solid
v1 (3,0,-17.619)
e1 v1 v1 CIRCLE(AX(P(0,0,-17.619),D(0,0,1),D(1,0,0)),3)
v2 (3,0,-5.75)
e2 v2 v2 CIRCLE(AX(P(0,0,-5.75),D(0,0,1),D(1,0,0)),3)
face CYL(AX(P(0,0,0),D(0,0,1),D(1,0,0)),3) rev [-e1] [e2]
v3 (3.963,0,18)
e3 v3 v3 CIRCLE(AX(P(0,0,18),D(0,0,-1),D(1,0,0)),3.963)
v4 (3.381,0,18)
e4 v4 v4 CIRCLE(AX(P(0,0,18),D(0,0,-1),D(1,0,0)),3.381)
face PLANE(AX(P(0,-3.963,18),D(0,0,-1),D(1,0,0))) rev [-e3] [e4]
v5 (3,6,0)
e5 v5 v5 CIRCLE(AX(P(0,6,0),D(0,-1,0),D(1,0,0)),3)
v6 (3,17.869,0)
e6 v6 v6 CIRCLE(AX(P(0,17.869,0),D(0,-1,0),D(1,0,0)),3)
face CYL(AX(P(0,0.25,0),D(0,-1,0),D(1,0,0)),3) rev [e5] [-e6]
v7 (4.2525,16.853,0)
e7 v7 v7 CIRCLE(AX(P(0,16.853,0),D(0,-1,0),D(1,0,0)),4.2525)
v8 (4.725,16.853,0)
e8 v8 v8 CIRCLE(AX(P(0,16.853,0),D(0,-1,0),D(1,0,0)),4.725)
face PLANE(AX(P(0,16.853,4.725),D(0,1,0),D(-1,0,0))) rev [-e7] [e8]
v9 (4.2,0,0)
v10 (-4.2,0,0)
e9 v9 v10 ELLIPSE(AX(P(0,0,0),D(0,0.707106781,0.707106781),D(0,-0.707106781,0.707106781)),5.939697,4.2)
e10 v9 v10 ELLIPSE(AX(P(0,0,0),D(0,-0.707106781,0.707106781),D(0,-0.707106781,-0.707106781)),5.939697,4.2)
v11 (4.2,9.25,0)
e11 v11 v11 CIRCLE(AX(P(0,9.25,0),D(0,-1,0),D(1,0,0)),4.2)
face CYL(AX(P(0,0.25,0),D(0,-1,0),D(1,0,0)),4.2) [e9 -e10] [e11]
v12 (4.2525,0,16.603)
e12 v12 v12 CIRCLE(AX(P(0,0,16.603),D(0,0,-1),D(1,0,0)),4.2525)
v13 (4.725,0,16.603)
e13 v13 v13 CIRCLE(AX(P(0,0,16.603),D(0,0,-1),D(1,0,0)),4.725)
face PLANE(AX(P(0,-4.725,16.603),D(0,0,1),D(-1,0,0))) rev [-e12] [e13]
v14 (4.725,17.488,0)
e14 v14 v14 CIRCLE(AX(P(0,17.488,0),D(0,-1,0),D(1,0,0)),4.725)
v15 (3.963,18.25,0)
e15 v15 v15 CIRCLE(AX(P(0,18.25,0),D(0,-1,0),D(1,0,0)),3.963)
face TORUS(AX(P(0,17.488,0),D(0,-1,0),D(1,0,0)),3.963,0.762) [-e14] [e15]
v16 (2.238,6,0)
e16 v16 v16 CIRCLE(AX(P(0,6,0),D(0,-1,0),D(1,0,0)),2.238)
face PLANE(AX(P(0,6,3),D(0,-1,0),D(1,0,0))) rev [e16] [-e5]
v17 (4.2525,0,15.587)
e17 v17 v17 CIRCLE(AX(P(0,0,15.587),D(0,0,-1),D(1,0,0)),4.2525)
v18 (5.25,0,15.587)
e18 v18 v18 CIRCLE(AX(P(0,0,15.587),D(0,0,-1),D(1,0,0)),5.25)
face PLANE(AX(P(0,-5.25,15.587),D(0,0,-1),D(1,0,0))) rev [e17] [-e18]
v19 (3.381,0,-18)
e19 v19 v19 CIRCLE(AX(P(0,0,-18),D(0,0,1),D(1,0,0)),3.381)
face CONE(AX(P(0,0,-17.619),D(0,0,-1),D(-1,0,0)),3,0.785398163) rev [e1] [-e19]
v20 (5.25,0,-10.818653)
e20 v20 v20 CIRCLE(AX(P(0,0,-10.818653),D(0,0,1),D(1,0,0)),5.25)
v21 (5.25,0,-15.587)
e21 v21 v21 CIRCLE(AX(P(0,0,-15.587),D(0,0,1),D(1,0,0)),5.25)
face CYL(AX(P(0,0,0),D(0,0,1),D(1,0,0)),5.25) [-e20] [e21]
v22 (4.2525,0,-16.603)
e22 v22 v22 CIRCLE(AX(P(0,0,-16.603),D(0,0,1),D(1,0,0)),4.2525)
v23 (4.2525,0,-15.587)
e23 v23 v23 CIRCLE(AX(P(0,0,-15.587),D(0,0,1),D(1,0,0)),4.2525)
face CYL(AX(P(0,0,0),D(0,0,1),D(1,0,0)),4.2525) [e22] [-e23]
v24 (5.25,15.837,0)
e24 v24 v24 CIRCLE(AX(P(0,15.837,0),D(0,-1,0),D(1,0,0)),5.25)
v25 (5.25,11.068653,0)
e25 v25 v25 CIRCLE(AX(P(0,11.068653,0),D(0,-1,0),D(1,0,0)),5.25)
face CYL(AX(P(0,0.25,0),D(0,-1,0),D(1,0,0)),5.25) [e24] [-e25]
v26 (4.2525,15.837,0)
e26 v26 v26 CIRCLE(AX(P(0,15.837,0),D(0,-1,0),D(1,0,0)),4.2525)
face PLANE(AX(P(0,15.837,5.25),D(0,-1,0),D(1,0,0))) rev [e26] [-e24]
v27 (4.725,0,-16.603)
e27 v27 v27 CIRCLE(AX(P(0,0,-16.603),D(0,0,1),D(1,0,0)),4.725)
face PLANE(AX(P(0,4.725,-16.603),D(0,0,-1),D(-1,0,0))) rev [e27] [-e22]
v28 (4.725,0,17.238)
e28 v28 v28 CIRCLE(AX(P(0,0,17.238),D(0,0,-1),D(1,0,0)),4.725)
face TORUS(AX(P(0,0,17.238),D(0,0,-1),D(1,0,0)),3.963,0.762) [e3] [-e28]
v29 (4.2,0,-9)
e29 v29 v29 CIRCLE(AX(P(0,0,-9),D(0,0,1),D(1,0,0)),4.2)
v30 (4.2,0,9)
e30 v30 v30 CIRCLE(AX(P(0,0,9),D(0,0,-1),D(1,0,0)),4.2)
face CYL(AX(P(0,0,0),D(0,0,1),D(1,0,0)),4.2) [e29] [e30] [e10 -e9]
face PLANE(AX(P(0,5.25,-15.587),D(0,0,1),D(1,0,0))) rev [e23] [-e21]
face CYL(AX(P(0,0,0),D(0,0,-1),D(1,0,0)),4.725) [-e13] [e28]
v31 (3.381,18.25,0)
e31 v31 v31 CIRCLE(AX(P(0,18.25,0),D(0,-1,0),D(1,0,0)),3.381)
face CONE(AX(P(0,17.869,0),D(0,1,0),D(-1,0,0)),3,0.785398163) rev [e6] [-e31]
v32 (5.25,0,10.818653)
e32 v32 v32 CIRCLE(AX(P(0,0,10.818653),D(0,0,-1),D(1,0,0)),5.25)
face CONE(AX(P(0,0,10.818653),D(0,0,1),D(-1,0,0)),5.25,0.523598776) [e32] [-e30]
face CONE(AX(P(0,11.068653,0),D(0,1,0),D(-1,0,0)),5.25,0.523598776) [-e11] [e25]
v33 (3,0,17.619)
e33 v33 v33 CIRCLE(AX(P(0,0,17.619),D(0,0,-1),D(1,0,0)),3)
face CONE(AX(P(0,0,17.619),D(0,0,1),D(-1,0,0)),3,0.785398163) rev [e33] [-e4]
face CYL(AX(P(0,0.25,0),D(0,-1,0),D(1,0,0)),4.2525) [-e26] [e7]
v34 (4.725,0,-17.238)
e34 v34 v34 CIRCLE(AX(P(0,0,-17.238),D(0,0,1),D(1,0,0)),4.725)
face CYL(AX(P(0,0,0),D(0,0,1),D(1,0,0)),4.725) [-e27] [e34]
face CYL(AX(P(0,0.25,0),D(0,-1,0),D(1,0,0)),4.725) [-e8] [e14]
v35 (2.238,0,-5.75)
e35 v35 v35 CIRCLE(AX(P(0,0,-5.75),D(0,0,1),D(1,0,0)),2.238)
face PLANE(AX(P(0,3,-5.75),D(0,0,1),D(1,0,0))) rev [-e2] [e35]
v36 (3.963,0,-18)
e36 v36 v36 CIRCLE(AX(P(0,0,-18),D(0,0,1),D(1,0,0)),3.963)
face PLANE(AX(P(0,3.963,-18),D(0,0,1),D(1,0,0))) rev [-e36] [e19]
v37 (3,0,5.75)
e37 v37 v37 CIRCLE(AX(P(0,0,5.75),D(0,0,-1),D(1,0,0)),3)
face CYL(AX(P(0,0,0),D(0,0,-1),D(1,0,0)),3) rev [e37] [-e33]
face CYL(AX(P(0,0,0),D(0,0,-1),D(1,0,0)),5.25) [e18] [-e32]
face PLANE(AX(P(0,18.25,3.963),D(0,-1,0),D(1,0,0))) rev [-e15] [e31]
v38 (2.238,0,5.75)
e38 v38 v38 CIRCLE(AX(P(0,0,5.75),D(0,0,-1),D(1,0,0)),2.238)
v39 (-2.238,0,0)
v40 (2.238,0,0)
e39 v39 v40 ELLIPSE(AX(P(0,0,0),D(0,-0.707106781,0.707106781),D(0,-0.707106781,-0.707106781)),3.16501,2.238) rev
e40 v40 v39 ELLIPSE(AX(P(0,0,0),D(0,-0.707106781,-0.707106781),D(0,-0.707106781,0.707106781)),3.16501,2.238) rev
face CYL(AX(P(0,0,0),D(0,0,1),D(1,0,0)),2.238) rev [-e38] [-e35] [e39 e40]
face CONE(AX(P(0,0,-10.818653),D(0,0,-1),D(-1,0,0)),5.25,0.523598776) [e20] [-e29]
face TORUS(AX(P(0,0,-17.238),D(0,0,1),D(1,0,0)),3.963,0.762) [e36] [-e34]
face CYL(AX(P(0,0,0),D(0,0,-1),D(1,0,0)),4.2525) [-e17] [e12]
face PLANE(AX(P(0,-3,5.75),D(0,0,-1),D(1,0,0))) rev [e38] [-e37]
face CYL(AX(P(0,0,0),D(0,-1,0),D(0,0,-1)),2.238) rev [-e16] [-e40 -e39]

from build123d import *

# Parameters (mm, degrees)
CIRPATTERN1_COUNT   = 3
CIRPATTERN1_ANGLE   = 180
SKETCH3_R           = 4.2
BOSS_EXTRUDE1_DEPTH = 0.25
CIRPATTERN2_COUNT   = 2
CIRPATTERN2_ANGLE   = 180


with BuildPart() as part:
    # Sketch1 → Revolve1 (revolve)
    with BuildSketch(Plane(origin=(0, 0, 0), x_dir=(0, 0, -1), z_dir=(1, 0, 0)), mode=Mode.PRIVATE) as revolve1_sk:
        with BuildLine():
            Line((16.603, 4.725), (17.238, 4.725))
            ThreePointArc((17.238, 4.725), (17.776815367, 4.501815367), (18, 3.963))
            Line((18, 3.963), (18, 3.381))
            Line((18, 3.381), (17.619, 3))
            Line((17.619, 3), (5.75, 3))
            Line((5.75, 3), (5.75, 2.238))
            Line((5.75, 2.238), (0, 2.238))
            Line((0, 2.238), (0, 4.2))
            Line((0, 4.2), (9, 4.2))
            Line((9, 4.2), (10.818653348, 5.25))
            Line((10.818653348, 5.25), (15.587, 5.25))
            Line((15.587, 5.25), (15.587, 4.2525))
            Line((15.587, 4.2525), (16.603, 4.2525))
            Line((16.603, 4.2525), (16.603, 4.725))
        make_face()
    revolve(revolve1_sk.sketch.rotate(Axis((0, 0, 0), (0, 0, -1)), 90), axis=Axis((0, 0, 0), (0, 0, -1)))


with BuildPart() as cirpattern1_1:
    # CirPattern1: pattern copy
    add(part.part.rotate(Axis((0, 0, 0), (1, 0, 0)), 1 * CIRPATTERN1_ANGLE / (CIRPATTERN1_COUNT - 1)))


with BuildPart() as cirpattern1_2:
    # CirPattern1: pattern copy
    add(part.part.rotate(Axis((0, 0, 0), (1, 0, 0)), 2 * CIRPATTERN1_ANGLE / (CIRPATTERN1_COUNT - 1)))


with BuildPart() as cirpattern1_1_1:
    # Body-Move/Copy1: moved
    add(cirpattern1_1.part.moved(Location((0, 0.25, 0))))

    # Sketch3 → Boss-Extrude1 (add)
    with BuildSketch(Plane(origin=(0, 0, 0), x_dir=(1, 0, 0), z_dir=(0, 1, 0))):
        Circle(SKETCH3_R)
    extrude(amount=BOSS_EXTRUDE1_DEPTH)


with BuildPart() as cut_revolve2_tool:
    # Sketch4 → Cut-Revolve2 (revolve)
    with BuildSketch(Plane(origin=(0, 0, 0), x_dir=(0, 0, -1), z_dir=(1, 0, 0))):
        Polygon((3, 17.869), (3.381, 18.25), (0, 18.25), (0, 0), (2.238, 0), (2.238, 6), (3, 6), align=None)
    revolve(axis=Axis((0, 0, 0), (0, 1, 0)))


with BuildPart() as part_1:
    add(part.part)

    # Cut-Revolve2: cut by cut_revolve2_tool
    add(cut_revolve2_tool.part, mode=Mode.SUBTRACT)


with BuildPart() as cirpattern1_1_2:
    add(cirpattern1_1_1.part)

    # Cut-Revolve2: cut by cut_revolve2_tool
    add(cut_revolve2_tool.part, mode=Mode.SUBTRACT)


with BuildPart() as cirpattern1_2_1:
    add(cirpattern1_2.part)

    # Cut-Revolve2: cut by cut_revolve2_tool
    add(cut_revolve2_tool.part, mode=Mode.SUBTRACT)


with BuildPart() as part_2:
    add(part_1.part)

    # Combine1: union CirPattern1_1, CirPattern1_2
    add(cirpattern1_1_2.part)
    add(cirpattern1_2_1.part)

    # Sketch5 → Cut-Revolve1 (revolve, cut)
    with BuildSketch(Plane(origin=(0, 0, 0), x_dir=(0, 0, -1), z_dir=(1, 0, 0)), mode=Mode.PRIVATE) as cut_revolve1_sk:
        Polygon((18, 3.381), (17.619, 3), (5.75, 3), (5.75, 2.238), (0, 2.238), (0, 0), (18, 0), align=None)
    cut_revolve1 = revolve(cut_revolve1_sk.sketch.rotate(Axis((0, 0, 0), (0, 0, -1)), 90), axis=Axis((0, 0, 0), (0, 0, -1)), mode=Mode.SUBTRACT)

    # CirPattern2: Cut-Revolve1 ×2 about axis
    cirpattern2_axis = Axis((-5.775, 0, 0), (1, 0, 0))
    for i in range(1, CIRPATTERN2_COUNT):
        add(cut_revolve1.rotate(cirpattern2_axis, i * CIRPATTERN2_ANGLE / (CIRPATTERN2_COUNT - 1)), mode=Mode.SUBTRACT)


solid = part_2.part
